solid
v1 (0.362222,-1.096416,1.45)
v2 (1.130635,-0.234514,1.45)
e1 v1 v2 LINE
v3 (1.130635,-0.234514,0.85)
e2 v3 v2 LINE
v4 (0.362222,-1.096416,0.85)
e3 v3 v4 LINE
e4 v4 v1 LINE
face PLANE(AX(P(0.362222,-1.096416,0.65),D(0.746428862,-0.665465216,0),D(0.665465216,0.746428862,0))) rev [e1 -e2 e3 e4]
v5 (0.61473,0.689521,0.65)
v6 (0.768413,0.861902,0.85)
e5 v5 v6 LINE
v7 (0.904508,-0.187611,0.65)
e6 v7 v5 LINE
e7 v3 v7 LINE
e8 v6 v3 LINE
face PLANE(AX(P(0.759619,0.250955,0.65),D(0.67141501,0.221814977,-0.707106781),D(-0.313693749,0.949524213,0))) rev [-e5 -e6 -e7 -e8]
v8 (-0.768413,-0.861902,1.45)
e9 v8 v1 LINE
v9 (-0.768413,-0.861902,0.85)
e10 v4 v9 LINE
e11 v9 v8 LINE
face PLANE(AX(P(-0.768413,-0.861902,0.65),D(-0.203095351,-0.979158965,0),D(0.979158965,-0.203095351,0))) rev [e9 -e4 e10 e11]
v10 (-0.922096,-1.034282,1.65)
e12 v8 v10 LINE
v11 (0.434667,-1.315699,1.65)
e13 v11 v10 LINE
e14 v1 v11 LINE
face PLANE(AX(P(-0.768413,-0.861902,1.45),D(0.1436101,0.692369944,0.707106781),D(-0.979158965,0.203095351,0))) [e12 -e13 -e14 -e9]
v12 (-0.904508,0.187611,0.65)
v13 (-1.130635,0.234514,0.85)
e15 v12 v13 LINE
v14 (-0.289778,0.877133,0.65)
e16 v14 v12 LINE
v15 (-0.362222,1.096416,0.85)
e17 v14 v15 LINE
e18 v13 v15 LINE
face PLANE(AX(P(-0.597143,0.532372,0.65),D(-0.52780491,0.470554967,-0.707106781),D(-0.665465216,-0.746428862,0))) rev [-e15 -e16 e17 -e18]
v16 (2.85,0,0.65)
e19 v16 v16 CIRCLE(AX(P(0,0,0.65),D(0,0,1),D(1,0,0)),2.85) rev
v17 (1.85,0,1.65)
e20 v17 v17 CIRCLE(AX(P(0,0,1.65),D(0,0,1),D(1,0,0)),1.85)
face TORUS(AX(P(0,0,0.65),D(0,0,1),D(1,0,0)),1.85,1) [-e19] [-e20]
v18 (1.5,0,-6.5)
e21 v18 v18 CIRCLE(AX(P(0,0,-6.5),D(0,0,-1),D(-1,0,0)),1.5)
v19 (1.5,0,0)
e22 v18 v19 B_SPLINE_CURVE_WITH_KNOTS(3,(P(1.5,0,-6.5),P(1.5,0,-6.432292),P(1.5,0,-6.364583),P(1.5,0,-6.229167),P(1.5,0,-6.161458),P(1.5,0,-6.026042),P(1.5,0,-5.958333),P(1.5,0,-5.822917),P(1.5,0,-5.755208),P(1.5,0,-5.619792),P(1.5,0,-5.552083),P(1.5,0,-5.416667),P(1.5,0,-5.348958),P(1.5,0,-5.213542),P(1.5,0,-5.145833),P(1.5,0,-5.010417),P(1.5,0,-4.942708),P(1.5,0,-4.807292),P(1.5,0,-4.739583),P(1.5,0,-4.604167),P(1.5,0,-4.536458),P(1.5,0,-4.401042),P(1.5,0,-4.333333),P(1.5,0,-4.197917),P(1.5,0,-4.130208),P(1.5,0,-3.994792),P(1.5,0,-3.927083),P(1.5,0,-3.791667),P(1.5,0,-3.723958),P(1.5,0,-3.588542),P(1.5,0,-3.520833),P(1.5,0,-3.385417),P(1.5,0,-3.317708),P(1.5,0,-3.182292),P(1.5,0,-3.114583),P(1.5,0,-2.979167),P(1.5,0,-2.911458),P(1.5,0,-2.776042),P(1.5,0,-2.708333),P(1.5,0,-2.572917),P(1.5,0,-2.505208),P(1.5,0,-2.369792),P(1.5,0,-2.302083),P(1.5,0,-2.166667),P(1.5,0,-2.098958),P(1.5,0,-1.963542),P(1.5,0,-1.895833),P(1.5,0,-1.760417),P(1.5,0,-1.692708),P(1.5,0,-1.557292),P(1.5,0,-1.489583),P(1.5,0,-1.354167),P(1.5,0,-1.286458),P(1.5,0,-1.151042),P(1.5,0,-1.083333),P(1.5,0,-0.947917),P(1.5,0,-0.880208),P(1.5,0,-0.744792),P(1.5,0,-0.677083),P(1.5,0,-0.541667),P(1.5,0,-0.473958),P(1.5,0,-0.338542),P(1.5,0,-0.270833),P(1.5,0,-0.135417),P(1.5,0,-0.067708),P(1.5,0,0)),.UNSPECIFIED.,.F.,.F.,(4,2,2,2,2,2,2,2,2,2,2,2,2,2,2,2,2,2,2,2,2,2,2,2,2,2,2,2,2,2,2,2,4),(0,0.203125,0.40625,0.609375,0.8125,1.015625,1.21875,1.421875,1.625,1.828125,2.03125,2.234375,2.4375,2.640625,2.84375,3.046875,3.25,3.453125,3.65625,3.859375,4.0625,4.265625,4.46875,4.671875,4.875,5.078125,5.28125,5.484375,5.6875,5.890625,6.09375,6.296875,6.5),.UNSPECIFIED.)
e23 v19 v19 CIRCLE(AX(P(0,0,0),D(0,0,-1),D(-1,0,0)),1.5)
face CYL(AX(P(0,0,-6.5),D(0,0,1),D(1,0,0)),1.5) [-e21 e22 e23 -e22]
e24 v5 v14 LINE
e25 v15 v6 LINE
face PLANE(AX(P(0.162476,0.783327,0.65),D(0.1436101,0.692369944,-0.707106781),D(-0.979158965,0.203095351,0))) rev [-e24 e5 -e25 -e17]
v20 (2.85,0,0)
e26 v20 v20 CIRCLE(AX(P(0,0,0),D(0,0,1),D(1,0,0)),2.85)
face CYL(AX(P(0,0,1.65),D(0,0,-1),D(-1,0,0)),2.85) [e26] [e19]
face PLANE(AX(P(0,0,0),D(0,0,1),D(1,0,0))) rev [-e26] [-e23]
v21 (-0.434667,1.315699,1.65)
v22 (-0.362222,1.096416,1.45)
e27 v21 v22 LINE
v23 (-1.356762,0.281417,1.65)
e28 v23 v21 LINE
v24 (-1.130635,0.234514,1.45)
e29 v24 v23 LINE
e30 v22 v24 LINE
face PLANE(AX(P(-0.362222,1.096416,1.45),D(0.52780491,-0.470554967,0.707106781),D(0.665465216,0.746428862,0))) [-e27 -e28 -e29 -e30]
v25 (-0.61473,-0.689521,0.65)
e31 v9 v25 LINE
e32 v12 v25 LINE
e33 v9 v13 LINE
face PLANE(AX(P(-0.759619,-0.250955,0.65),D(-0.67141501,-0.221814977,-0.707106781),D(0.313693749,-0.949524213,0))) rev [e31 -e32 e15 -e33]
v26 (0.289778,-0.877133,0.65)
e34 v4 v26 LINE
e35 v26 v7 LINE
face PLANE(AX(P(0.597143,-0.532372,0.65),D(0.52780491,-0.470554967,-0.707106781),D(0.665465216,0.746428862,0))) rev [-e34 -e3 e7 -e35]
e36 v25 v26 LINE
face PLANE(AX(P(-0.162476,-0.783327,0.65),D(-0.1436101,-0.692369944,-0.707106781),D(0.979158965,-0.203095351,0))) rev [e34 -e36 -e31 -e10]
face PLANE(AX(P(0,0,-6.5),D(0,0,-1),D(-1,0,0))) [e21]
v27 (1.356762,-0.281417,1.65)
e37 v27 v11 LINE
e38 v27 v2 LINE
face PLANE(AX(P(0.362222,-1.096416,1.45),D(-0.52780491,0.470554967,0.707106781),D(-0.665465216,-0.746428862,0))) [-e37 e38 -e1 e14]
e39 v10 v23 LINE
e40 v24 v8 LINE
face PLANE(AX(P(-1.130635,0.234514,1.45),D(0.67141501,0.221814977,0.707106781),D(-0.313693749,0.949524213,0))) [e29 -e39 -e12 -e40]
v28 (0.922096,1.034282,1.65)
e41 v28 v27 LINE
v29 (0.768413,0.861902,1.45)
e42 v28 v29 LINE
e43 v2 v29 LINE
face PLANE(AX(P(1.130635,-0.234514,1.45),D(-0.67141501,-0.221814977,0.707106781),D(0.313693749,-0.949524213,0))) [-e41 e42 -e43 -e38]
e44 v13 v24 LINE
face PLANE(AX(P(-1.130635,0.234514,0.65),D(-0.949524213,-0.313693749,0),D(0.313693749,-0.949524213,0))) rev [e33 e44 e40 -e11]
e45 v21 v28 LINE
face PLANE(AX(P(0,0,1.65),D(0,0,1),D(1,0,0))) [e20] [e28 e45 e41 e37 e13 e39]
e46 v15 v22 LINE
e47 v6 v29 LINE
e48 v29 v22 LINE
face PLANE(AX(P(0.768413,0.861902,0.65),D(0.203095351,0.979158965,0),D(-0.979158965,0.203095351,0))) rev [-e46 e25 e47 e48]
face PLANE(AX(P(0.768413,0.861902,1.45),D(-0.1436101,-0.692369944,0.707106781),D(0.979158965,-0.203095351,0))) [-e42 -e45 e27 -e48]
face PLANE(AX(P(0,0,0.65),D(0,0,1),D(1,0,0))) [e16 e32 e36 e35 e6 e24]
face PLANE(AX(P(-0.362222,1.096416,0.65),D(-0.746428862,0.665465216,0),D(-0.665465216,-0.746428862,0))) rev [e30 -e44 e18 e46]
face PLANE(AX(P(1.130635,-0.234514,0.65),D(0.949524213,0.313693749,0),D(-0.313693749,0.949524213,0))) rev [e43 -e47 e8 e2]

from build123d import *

# Parameters (mm, degrees)
SKETCH_1_R          = 2.85
EXTRUDE_1_DEPTH     = 1.65
SKETCH_2_R          = 1.5
EXTRUDE_2_DEPTH     = 6.5
FILLET_1_R          = 1
CUT_EXTRUDE_1_DEPTH = 1
CHAMFER_1_SIZE      = 0.2


with BuildPart() as part:
    # 草图1 → 凸台-拉伸1 (new body)
    with BuildSketch(Plane.XY):
        Circle(SKETCH_1_R)
    extrude(amount=EXTRUDE_1_DEPTH)

    # 草图2 → 凸台-拉伸2 (add)
    with BuildSketch(Plane(origin=(0, 0, 0), x_dir=(-1, 0, 0), z_dir=(0, 0, -1))):
        with Locations(Location((0, 0, 0), (0, 0, 180))):
            Circle(SKETCH_2_R)
    extrude(amount=EXTRUDE_2_DEPTH)

    # 圆角1
    fillet_1_edges = [part.edges().sort_by_distance(p)[0] for p in [
        (-2.85, 0, 1.65),
    ]]
    fillet(fillet_1_edges, radius=FILLET_1_R)

    # 草图3 → 切除-拉伸1 (cut)
    with BuildSketch(Plane.XY.offset(1.65)):
        Polygon((0.362222341, -1.09641612), (1.130635384, -0.234514311), (0.768413043, 0.861901809), (-0.362222341, 1.09641612), (-1.130635384, 0.234514311), (-0.768413043, -0.861901809), align=None)
    extrude(amount=-CUT_EXTRUDE_1_DEPTH, mode=Mode.SUBTRACT)

    # 倒角1
    chamfer_1_edges = [part.edges().sort_by_distance(p)[0] for p in [
        (-0.203095351, -0.979158965, 0.65),
        (-0.949524213, -0.313693749, 0.65),
        (-0.746428862, 0.665465216, 0.65),
        (0.203095351, 0.979158965, 0.65),
        (0.949524213, 0.313693749, 0.65),
        (0.746428862, -0.665465216, 0.65),
        (-0.203095351, -0.979158965, 1.65),
        (0.746428862, -0.665465216, 1.65),
        (0.949524213, 0.313693749, 1.65),
        (0.203095351, 0.979158965, 1.65),
        (-0.746428862, 0.665465216, 1.65),
        (-0.949524213, -0.313693749, 1.65),
    ]]
    chamfer(chamfer_1_edges, length=CHAMFER_1_SIZE)


solid = part.part
